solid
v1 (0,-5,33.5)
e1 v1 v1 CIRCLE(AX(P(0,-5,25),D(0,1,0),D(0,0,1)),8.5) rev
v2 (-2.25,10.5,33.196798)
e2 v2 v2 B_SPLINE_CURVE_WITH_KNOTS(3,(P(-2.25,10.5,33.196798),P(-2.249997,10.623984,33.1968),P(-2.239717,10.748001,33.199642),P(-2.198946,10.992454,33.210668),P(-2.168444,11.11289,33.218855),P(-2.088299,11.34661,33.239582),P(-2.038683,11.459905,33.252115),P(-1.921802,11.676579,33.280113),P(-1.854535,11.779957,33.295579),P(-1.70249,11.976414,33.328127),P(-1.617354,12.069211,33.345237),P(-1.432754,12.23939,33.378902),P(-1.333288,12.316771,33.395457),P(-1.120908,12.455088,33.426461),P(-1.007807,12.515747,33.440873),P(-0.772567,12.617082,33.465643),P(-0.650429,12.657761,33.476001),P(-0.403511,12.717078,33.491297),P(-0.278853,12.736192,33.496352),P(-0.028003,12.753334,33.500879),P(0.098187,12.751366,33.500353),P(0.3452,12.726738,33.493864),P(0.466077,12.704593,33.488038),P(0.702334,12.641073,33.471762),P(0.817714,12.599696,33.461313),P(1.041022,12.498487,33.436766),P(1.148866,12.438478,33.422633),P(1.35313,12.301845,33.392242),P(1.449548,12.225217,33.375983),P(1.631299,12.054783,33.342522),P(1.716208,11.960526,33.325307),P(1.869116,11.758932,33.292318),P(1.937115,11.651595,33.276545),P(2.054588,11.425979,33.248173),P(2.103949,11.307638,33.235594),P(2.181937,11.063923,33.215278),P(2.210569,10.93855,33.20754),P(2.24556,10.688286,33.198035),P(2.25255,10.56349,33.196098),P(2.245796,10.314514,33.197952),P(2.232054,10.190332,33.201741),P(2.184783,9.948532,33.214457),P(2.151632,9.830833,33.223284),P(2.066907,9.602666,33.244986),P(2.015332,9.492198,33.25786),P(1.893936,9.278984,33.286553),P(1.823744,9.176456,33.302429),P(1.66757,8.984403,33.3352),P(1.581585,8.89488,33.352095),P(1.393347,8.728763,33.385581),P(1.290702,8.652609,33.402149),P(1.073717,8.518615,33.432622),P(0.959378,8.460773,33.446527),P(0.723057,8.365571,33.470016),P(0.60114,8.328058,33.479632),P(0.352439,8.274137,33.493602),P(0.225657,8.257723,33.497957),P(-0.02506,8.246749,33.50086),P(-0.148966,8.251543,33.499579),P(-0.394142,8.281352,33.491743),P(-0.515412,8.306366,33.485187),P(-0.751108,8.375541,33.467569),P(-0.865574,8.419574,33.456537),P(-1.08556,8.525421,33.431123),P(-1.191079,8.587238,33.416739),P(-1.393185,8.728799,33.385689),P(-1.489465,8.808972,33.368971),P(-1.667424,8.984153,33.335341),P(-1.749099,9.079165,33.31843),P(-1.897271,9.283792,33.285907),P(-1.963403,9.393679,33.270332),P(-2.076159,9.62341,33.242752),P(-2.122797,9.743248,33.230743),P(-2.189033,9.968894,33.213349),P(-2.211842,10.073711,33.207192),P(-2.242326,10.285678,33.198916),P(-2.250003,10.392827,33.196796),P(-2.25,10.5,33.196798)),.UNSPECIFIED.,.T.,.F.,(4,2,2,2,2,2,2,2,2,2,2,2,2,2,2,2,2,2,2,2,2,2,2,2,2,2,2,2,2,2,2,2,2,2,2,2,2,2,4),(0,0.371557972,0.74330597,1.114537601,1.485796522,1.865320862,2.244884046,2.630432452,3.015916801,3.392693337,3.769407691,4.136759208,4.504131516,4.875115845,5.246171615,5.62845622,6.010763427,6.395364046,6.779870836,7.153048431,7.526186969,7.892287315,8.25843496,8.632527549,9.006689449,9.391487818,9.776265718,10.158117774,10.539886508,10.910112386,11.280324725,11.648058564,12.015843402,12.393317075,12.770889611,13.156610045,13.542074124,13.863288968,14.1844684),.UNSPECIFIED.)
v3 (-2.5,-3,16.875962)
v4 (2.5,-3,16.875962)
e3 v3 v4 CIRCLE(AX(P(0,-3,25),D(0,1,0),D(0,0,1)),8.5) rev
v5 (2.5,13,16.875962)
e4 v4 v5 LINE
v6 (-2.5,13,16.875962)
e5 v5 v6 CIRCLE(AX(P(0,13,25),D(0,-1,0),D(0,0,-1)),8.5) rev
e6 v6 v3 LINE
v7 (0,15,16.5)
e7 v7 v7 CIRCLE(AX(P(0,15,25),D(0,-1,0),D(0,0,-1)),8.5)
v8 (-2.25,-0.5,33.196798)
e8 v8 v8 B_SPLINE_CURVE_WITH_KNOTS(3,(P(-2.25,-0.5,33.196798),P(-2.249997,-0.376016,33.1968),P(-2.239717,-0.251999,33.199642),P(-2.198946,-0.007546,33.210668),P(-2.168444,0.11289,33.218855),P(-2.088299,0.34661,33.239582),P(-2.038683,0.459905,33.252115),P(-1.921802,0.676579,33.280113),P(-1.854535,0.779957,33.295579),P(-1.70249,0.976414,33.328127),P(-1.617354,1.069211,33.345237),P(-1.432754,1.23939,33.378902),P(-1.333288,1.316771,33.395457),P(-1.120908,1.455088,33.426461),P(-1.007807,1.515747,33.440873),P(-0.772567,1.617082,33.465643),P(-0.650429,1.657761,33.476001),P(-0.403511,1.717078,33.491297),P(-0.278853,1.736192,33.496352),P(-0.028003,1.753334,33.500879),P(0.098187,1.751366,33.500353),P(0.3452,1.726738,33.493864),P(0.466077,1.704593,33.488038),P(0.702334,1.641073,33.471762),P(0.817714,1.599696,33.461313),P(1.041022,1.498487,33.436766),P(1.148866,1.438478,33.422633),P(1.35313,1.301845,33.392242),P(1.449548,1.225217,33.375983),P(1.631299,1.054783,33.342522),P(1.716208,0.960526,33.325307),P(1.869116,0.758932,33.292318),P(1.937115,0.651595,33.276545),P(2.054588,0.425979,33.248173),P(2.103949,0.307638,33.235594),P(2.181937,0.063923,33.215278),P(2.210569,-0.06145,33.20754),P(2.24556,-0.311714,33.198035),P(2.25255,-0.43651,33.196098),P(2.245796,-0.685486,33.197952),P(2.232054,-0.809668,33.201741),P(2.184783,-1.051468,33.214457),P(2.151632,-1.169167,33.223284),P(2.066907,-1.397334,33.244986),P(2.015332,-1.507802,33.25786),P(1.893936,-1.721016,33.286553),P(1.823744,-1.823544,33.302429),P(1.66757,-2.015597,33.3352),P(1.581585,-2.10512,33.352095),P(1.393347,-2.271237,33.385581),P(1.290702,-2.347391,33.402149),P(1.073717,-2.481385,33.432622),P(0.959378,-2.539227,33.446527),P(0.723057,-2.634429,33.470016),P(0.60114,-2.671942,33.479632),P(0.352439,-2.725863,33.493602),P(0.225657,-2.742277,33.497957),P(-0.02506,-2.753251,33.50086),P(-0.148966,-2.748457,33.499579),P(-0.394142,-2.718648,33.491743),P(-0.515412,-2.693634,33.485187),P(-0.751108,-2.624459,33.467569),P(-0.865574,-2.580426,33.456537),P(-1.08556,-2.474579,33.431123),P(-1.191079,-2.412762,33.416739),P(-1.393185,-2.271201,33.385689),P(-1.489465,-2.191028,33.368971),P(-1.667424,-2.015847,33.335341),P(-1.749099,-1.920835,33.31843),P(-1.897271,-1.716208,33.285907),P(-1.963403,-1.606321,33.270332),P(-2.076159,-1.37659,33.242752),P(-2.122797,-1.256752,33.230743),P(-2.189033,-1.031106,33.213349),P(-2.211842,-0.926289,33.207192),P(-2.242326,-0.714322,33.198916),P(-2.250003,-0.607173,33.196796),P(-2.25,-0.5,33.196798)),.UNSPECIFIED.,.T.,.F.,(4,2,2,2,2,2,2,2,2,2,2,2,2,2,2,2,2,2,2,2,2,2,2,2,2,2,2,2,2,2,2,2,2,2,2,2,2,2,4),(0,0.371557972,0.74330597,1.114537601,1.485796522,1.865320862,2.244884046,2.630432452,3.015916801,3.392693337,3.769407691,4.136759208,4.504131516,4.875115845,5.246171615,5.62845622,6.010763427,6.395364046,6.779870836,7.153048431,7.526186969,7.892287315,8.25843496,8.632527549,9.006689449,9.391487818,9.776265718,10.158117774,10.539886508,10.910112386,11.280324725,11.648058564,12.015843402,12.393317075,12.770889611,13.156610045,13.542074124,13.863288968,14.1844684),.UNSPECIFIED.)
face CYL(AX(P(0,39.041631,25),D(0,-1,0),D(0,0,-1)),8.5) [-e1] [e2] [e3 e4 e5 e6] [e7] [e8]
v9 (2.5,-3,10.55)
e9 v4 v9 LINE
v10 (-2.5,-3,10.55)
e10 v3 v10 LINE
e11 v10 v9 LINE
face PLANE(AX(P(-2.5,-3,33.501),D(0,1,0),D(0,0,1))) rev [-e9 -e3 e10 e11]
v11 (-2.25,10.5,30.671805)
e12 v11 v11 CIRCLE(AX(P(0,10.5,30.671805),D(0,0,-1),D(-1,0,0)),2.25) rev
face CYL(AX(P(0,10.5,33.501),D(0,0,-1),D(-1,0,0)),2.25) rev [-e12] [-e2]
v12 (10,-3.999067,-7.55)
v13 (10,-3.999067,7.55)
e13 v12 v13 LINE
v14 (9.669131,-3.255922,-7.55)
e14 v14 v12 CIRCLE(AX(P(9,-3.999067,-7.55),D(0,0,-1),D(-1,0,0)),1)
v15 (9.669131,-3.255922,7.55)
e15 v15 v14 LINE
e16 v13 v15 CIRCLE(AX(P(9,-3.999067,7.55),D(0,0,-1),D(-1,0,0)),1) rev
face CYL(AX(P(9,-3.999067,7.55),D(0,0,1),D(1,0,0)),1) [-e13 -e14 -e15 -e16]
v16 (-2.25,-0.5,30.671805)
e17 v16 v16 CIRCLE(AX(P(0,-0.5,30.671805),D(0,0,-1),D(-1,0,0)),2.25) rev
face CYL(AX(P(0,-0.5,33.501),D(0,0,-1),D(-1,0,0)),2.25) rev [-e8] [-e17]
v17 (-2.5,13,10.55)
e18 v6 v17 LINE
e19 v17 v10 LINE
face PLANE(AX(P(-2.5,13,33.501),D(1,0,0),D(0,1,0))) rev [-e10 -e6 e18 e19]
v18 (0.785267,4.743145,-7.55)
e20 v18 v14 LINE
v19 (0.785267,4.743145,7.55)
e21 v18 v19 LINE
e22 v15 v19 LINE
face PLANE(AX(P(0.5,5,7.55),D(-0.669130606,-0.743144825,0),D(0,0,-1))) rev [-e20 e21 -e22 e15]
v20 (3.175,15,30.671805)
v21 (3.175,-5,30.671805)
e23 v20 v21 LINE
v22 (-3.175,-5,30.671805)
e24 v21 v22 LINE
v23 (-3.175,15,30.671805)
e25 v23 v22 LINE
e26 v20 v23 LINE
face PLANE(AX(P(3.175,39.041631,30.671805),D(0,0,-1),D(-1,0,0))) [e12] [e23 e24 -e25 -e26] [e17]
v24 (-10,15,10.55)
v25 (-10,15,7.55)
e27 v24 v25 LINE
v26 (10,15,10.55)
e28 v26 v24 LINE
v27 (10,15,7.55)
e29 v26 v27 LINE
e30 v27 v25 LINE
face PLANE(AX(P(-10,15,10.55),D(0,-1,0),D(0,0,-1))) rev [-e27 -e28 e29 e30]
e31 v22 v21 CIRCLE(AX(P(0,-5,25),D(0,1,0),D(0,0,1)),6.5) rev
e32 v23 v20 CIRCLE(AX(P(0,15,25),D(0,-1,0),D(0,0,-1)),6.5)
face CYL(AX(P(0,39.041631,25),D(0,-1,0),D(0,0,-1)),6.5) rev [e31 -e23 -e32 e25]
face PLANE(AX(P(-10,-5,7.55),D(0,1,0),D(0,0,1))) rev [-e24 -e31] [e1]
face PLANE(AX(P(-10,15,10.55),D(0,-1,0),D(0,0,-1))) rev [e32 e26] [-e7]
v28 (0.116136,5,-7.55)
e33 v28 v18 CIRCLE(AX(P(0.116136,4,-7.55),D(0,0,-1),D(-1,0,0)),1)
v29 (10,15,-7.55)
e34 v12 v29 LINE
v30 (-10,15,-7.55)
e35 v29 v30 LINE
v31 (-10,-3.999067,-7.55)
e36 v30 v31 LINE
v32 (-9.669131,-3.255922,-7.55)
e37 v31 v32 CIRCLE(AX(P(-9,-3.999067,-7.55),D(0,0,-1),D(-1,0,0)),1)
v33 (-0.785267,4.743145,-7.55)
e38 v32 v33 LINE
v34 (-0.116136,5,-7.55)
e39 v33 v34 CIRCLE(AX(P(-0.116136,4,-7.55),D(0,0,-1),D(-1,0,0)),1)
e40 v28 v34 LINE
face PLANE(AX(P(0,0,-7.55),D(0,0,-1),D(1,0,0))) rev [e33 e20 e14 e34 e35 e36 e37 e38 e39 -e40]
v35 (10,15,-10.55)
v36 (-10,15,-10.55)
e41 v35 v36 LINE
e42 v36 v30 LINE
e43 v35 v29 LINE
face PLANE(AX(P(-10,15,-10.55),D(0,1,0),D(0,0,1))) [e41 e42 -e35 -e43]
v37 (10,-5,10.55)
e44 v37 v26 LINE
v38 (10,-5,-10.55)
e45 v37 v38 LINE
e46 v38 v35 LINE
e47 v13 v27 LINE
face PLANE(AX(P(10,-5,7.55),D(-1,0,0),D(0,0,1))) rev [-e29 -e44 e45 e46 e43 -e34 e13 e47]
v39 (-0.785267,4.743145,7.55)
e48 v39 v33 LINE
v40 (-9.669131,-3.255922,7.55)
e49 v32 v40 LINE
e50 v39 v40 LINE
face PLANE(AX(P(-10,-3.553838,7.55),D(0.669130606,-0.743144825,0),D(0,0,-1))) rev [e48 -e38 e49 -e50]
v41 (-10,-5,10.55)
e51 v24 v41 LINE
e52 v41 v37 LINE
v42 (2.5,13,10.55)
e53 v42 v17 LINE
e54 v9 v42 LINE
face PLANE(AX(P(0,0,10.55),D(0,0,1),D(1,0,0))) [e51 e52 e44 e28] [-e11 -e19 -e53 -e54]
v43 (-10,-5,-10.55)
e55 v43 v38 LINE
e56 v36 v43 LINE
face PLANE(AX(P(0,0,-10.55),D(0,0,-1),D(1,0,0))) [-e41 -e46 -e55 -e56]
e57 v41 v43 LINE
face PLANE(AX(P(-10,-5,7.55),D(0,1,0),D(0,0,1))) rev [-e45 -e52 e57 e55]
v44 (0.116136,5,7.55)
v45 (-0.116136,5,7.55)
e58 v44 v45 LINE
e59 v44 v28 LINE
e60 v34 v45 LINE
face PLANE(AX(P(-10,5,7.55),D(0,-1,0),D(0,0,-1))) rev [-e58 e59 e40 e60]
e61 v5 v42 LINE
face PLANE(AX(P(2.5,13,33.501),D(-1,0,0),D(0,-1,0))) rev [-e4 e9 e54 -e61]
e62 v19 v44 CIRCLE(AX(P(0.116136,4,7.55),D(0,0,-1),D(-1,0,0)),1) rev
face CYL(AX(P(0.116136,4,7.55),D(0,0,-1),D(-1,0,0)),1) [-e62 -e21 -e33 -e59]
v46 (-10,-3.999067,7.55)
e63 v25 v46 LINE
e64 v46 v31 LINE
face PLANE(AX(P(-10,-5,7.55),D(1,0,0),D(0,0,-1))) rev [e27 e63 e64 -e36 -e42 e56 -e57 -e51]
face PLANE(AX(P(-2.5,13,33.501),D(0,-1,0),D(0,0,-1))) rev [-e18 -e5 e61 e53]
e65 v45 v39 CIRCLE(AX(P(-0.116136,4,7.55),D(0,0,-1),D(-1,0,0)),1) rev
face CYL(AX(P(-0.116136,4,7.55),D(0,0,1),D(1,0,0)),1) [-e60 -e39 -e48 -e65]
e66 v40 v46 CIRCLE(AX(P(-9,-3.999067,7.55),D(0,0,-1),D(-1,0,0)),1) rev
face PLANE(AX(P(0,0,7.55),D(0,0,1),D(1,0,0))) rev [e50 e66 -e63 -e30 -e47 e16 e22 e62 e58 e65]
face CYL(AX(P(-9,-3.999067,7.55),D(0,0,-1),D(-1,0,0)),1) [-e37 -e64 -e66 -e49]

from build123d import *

# Parameters (mm, degrees)
SKETCH2_W                       = 20
SKETCH2_H                       = 10
BOSS_EXTRUDE1_DEPTH             = 7.55
CHAMFER1_SIZE                   = 9.5
CHAMFER1_SIZE2                  = 8.553838421
FILLET3_R                       = 1
SKETCH3_W                       = 20
SKETCH3_H                       = 20
BOSS_EXTRUDE2_DEPTH             = 3
BOSS_EXTRUDE3_REACH             = 22.888
SKETCH6_R                       = 8.5
BOSS_EXTRUDE3_DIRECTION_2_REACH = 22.888
BOSS_EXTRUDE4_REACH             = 31.184
BOSS_EXTRUDE4_END_RADIUS        = 8.5
SKETCH5_W                       = 5
SKETCH5_H                       = 16
CUT_EXTRUDE1_REACH              = 37.473
CUT_EXTRUDE1_END_RADIUS         = 8.5
SKETCH7_R                       = 2.25


with BuildPart() as part:
    # Sketch2 → Boss-Extrude1 (new, symmetric)
    with BuildSketch(Plane.XY):
        Rectangle(SKETCH2_W, SKETCH2_H)
    extrude(amount=BOSS_EXTRUDE1_DEPTH, both=True)

    # Chamfer1
    chamfer1_edges = [part.edges().sort_by_distance(p)[0] for p in [
        (-10, 5, 0),
        (10, 5, 0),
    ]]
    chamfer1_side = [part.faces().sort_by_distance(p)[0] for p in [
        (0, 5, 0),
    ]]
    chamfer(chamfer1_edges, length=CHAMFER1_SIZE, length2=CHAMFER1_SIZE2, reference=chamfer1_side[0])

    # Fillet3
    fillet3_edges = [part.edges().sort_by_distance(p)[0] for p in [
        (-0.5, 5, 0),
        (0.5, 5, 0),
        (10, -3.553838421, 0),
        (-10, -3.553838421, 0),
    ]]
    fillet(fillet3_edges, radius=FILLET3_R)

    # Sketch3 → Boss-Extrude2 (add)
    with BuildSketch(Plane.XY.offset(7.55)):
        with Locations((0, 5)):
            Rectangle(SKETCH3_W, SKETCH3_H)
    boss_extrude2 = extrude(amount=BOSS_EXTRUDE2_DEPTH)

    # Mirror1: Boss-Extrude2 across plane
    add(boss_extrude2.mirror(Plane.XY))


with BuildPart() as body_2:

    # Boss-Extrude3: up to this face of the body (flat: up to its plane)
    boss_extrude3_end = Plane(part.part.faces().sort_by_distance((0, 15, 9.05))[0])
    # Sketch6 → Boss-Extrude3 (new, up to the picked face)
    with BuildSketch(Plane(origin=(0, 0, 0), x_dir=(1, 0, 0), z_dir=(0, 1, 0)), mode=Mode.PRIVATE) as boss_extrude3_sk1:
        with Locations(Location((0, -25, 0), (0, 0, 90))):
            Circle(SKETCH6_R)
        with BuildLine():
            Line((3.175, -30.671805268), (-3.175, -30.671805268))
            ThreePointArc((-3.175, -30.671805268), (0, -18.5), (3.175, -30.671805268))
        make_face(mode=Mode.SUBTRACT)
    boss_extrude3_tool1 = split(extrude(boss_extrude3_sk1.sketch, amount=BOSS_EXTRUDE3_REACH, mode=Mode.PRIVATE), bisect_by=boss_extrude3_end, keep=Keep.BOTH, mode=Mode.PRIVATE)
    add(boss_extrude3_tool1.solids().sort_by(Axis((0, 0, 33.259584), (0, 1, 0)))[0])


    # Boss-Extrude3 direction 2: up to this face of the body (flat: up to its plane)
    boss_extrude3_direction_2_end = Plane(part.part.faces().sort_by_distance((0, -5, 0))[0])
    # Sketch6 → Boss-Extrude3 direction 2 (add, up to the picked face)
    with BuildSketch(Plane(origin=(0, 0, 0), x_dir=(1, 0, 0), z_dir=(0, 1, 0)), mode=Mode.PRIVATE) as boss_extrude3_direction_2_sk1:
        with Locations(Location((0, -25, 0), (0, 0, 90))):
            Circle(SKETCH6_R)
        with BuildLine():
            Line((3.175, -30.671805268), (-3.175, -30.671805268))
            ThreePointArc((-3.175, -30.671805268), (0, -18.5), (3.175, -30.671805268))
        make_face(mode=Mode.SUBTRACT)
    boss_extrude3_direction_2_tool1 = split(extrude(boss_extrude3_direction_2_sk1.sketch, amount=-BOSS_EXTRUDE3_DIRECTION_2_REACH, mode=Mode.PRIVATE), bisect_by=boss_extrude3_direction_2_end, keep=Keep.BOTH, mode=Mode.PRIVATE)
    add(boss_extrude3_direction_2_tool1.solids().sort_by(Axis((0, 0, 33.259584), (0, -1, 0)))[0])


with BuildPart() as part_1:
    add(part.part)

    add(body_2.part)  # Boss-Extrude4 merges body 2
    # Boss-Extrude4: up to this cylinder (the profile starts outside it)
    boss_extrude4_end = Plane(origin=(0, 5, 25), z_dir=(0, -1, 0)) * Cylinder(BOSS_EXTRUDE4_END_RADIUS, 80.368, mode=Mode.PRIVATE)
    # Sketch5 → Boss-Extrude4 (add, up to the surface)
    with BuildSketch(Plane.XY.offset(10.55), mode=Mode.PRIVATE) as boss_extrude4_sk1:
        with Locations((0, 5)):
            Rectangle(SKETCH5_W, SKETCH5_H)
    boss_extrude4_tool1 = extrude(boss_extrude4_sk1.sketch, amount=BOSS_EXTRUDE4_REACH, mode=Mode.PRIVATE) - boss_extrude4_end
    add(boss_extrude4_tool1.solids().sort_by_distance((0, 5, 10.55))[0])

    # Cut-Extrude1: up to this cylinder (the profile starts inside it)
    cut_extrude1_end = Plane(origin=(0, 5, 25), z_dir=(0, -1, 0)) * Cylinder(CUT_EXTRUDE1_END_RADIUS, 103.946, mode=Mode.PRIVATE)
    # Sketch7 → Cut-Extrude1 (cut, up to the surface)
    with BuildSketch(Plane.XY.offset(20), mode=Mode.PRIVATE) as cut_extrude1_sk1:
        with Locations(Location((0, 10.5, 0), (0, 0, 180))):
            Circle(SKETCH7_R)
    cut_extrude1_tool1 = extrude(cut_extrude1_sk1.sketch, amount=CUT_EXTRUDE1_REACH, mode=Mode.PRIVATE) & cut_extrude1_end
    add(cut_extrude1_tool1.solids().sort_by_distance((0, 10.5, 20))[0], mode=Mode.SUBTRACT)
    # Sketch7 → Cut-Extrude1 (cut, up to the surface)
    with BuildSketch(Plane.XY.offset(20), mode=Mode.PRIVATE) as cut_extrude1_sk2:
        with Locations(Location((0, -0.5, 0), (0, 0, 180))):
            Circle(SKETCH7_R)
    cut_extrude1_tool2 = extrude(cut_extrude1_sk2.sketch, amount=CUT_EXTRUDE1_REACH, mode=Mode.PRIVATE) & cut_extrude1_end
    add(cut_extrude1_tool2.solids().sort_by_distance((0, -0.5, 20))[0], mode=Mode.SUBTRACT)


solid = part_1.part
